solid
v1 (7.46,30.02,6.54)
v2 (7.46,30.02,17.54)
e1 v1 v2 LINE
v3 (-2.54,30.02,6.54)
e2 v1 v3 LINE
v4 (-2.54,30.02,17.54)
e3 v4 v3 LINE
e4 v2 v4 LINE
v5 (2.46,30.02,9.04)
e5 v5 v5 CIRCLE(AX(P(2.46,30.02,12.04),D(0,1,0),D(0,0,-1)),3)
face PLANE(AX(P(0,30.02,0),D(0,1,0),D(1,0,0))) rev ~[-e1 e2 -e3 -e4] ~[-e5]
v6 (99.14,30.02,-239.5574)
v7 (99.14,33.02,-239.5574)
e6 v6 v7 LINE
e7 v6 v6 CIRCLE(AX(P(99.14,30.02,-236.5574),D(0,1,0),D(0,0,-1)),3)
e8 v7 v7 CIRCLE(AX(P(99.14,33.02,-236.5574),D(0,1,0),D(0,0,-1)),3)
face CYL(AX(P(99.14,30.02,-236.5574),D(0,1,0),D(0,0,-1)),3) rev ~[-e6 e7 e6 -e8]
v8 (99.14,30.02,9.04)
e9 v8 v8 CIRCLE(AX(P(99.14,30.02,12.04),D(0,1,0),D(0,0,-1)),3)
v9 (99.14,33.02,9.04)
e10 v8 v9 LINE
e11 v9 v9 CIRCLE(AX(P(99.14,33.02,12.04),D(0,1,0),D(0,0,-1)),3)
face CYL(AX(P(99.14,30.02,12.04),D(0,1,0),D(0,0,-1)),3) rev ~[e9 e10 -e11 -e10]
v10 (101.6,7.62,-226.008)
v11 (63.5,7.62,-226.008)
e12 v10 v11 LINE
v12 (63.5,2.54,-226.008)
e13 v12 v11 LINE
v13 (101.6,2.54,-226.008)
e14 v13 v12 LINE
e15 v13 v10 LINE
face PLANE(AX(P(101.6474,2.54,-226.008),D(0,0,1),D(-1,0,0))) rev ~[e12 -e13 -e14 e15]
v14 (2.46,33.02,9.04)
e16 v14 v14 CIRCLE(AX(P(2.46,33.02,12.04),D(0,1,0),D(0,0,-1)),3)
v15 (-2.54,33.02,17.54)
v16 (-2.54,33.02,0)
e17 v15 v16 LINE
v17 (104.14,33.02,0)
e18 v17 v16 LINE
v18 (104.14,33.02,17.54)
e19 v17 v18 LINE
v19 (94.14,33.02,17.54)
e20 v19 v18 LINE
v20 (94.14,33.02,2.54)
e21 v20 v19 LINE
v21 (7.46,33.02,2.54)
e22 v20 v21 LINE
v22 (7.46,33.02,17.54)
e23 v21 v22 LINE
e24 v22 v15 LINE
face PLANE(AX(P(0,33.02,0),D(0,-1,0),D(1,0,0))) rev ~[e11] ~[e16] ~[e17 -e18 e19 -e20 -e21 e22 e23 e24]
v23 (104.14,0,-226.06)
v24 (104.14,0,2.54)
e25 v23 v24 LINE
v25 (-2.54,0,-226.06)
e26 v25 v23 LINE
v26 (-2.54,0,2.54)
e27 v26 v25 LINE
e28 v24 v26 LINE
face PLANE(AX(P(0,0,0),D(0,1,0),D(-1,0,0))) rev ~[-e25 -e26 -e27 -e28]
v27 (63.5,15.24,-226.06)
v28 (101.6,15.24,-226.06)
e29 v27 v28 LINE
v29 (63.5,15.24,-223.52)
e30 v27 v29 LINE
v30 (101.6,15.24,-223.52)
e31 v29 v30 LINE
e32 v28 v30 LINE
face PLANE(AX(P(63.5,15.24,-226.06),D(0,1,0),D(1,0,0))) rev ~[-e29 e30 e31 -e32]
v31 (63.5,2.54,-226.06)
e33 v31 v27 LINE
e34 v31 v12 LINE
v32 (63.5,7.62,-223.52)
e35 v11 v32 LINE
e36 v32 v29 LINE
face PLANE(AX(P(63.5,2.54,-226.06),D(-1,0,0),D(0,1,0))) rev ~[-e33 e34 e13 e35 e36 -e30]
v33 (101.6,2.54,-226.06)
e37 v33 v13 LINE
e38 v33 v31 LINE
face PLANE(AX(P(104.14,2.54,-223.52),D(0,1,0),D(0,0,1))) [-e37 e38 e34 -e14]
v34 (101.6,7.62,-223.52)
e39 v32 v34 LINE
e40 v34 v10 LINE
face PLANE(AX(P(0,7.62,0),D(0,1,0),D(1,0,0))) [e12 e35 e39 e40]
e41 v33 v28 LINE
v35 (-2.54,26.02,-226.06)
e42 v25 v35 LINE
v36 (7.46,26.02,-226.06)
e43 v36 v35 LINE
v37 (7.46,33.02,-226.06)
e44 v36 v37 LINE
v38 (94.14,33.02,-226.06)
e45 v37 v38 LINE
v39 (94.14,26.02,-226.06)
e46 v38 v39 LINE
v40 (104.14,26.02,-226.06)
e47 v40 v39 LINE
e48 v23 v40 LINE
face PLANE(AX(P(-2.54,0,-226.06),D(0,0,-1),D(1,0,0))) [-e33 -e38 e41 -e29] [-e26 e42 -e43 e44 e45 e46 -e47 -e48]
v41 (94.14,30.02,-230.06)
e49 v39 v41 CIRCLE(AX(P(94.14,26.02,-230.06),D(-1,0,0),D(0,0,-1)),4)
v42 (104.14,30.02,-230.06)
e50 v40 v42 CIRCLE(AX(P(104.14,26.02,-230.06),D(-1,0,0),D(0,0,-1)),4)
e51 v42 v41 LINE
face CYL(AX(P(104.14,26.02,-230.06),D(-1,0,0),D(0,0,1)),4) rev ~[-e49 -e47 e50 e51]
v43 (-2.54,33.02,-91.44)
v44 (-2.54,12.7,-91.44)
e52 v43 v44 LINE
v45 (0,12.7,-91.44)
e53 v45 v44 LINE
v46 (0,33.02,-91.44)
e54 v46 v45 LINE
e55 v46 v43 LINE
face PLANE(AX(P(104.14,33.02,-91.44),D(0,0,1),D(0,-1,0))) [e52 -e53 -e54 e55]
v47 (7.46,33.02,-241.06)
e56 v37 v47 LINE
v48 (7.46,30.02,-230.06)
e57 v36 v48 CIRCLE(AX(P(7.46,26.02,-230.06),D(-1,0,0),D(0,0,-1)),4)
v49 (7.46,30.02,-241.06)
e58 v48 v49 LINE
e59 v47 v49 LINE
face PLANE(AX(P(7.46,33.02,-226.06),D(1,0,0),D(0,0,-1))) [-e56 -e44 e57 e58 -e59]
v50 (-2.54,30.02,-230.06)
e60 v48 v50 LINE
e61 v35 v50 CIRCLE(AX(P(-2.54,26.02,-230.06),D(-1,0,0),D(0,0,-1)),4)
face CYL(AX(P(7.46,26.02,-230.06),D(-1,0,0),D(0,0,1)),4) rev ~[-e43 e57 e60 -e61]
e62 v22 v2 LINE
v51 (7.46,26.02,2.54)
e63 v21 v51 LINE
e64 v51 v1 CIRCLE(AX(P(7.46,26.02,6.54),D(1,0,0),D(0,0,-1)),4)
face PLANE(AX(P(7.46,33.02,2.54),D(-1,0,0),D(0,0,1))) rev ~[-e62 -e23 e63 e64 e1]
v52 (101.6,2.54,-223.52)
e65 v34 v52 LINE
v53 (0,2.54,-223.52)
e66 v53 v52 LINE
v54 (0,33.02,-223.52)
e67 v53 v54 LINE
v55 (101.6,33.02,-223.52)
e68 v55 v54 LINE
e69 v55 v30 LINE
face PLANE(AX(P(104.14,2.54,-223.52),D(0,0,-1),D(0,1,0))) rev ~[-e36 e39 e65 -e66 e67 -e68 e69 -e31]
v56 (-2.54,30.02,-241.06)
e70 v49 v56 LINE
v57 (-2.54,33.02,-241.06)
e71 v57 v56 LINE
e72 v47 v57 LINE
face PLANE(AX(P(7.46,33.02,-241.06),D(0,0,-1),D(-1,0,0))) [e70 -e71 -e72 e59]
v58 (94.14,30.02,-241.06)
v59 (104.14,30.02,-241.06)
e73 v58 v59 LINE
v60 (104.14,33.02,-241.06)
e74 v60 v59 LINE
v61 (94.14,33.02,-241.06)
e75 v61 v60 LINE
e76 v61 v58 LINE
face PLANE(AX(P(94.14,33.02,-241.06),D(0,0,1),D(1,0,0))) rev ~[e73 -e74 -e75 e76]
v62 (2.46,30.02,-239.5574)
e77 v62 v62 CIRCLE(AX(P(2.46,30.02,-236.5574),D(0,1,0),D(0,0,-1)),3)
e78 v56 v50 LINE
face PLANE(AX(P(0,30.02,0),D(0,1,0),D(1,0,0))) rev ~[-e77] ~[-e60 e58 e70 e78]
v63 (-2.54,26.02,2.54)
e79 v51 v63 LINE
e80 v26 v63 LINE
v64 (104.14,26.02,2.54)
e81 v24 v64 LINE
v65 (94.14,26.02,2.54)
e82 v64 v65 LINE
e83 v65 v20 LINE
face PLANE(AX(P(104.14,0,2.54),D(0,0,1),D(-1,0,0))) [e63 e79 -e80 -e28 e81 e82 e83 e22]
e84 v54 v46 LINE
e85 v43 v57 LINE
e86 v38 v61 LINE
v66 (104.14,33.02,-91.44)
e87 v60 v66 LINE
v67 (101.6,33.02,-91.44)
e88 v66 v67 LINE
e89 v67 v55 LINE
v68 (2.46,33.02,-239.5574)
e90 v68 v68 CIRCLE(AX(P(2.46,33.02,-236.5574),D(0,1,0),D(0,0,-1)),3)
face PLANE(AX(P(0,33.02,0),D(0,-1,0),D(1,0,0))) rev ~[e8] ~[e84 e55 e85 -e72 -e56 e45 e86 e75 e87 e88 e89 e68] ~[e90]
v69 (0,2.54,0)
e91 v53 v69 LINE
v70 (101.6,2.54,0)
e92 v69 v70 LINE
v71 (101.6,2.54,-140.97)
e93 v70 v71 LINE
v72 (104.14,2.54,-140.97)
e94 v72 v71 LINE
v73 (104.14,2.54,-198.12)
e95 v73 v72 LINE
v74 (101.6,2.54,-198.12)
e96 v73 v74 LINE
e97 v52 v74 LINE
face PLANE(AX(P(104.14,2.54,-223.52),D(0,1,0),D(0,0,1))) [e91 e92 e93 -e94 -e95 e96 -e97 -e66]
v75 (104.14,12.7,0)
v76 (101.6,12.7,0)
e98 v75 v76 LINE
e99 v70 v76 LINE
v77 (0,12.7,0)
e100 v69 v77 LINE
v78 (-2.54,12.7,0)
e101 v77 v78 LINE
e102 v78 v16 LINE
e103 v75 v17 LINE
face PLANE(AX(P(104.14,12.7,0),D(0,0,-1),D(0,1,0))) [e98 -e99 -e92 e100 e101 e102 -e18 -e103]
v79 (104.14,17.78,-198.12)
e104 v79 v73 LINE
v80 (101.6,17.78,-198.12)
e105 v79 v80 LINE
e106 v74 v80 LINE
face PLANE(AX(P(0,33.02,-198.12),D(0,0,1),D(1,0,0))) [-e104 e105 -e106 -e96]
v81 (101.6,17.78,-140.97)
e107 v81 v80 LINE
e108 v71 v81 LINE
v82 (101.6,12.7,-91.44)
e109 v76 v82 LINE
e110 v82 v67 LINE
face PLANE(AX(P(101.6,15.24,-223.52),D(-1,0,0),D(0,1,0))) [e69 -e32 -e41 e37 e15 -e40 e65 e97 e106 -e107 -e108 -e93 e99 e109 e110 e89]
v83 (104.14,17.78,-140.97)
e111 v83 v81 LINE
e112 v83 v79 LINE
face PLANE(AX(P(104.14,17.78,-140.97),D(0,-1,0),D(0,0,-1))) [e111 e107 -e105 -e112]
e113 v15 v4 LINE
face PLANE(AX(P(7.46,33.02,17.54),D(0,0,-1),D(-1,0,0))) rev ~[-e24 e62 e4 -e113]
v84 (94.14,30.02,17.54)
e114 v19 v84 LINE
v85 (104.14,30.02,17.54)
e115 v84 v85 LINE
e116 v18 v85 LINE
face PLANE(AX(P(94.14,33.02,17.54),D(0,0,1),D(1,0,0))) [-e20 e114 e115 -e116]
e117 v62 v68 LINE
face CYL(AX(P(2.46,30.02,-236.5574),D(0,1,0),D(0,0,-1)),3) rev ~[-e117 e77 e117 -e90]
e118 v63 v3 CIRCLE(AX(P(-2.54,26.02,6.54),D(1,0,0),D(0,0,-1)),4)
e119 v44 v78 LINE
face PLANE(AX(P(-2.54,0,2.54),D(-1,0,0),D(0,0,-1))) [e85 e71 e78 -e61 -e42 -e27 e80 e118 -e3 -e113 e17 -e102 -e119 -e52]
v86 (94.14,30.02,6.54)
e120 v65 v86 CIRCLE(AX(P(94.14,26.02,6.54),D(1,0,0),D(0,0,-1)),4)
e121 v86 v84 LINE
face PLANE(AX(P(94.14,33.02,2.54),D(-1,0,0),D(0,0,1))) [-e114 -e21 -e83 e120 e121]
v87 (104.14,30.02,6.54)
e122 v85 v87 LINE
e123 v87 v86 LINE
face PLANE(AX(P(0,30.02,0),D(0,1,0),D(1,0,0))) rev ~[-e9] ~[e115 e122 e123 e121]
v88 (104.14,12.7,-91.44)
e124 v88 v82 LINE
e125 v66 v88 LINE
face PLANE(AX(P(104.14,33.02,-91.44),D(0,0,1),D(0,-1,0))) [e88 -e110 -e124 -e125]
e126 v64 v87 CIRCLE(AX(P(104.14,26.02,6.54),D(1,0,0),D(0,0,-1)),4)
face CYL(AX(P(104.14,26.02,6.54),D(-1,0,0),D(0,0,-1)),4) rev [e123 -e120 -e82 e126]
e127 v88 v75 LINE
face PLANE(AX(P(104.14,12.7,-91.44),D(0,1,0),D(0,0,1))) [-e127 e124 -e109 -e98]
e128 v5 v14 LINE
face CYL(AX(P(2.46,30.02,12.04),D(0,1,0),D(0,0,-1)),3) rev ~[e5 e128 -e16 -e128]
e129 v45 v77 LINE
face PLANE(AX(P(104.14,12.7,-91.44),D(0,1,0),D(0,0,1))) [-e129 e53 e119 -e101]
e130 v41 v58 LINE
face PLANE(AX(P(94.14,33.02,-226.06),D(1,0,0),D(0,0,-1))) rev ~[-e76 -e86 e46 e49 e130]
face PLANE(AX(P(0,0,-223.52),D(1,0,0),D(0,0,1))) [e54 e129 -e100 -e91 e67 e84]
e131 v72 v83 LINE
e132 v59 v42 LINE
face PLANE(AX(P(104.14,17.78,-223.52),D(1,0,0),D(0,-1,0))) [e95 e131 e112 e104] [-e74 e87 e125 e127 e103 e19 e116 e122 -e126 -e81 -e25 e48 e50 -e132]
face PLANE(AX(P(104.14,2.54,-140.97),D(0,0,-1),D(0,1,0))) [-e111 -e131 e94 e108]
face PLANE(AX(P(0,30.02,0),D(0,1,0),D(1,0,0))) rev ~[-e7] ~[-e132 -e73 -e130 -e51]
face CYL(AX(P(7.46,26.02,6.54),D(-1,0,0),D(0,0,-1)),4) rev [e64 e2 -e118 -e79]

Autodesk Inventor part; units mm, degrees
ref_plane "YZ Plane" through (0, 0, 0) normal (1, 0, 0) x (0, 1, 0)
ref_plane "XZ Plane" through (0, 0, 0) normal (0, 1, 0) x (-1, 0, 0)
ref_plane "XY Plane" through (0, 0, 0) normal (0, 0, 1) x (1, 0, 0)
sketch "Sketch1" plane through (0, 0, 0) normal (0, 1, 0) x (-1, 0, 0)
  line L0 (0, 0) -> (-101.6, 0)
  line L1 (-101.6, 0) -> (-101.6, -223.52)
  line L2 (-101.6, -223.52) -> (0, -223.52)
  line L3 (0, -223.52) -> (0, 0)
  dimension "d0" = 101.6
  dimension "d1" = 223.52
extrude "Extrusion1" add sketch "Sketch1" along normal blind 2.54
sketch "Sketch2" plane through (0, 0, 0) normal (0, -1, 0) x (1, 0, 0)
  line L0 (104.14, 2.54) -> (-2.54, 2.54)
  line L1 (-2.54, 2.54) -> (-2.54, -226.06)
  line L2 (-2.54, -226.06) -> (104.14, -226.06)
  line L3 (104.14, -226.06) -> (104.14, 2.54)
  line L4 (101.6, 0) -> (101.6, -223.52) projected
  line L5 (0, -223.52) -> (0, 0) projected
  line L6 (101.6, -223.52) -> (0, -223.52) projected
  line L7 (0, 0) -> (101.6, 0) projected
  dimension "d4" = 2.54
  dimension "d5" = 2.54
  dimension "d6" = 2.54
  dimension "d7" = 2.54
extrude "Extrusion2" add sketch "Sketch2" against normal blind 33.02
sketch "Sketch3" plane through (104.14, 0, 2.54) normal (1, 0, 0) x (0, 0, -1)
  line L0 (2.54, 2.54) -> (2.54, 33.02) projected
  line L1 (2.54, 33.02) -> (93.98, 33.02)
  line L2 (93.98, 33.02) -> (93.98, 12.7)
  line L3 (93.98, 12.7) -> (2.54, 12.7)
  line L4 (2.54, 12.7) -> (2.54, 33.02)
  point P0 (2.54, 0)
  point P1 (2.54, 12.7)
  dimension "d10" = 91.44
  dimension "d11" = 20.32
extrude "Extrusion3" cut sketch "Sketch3" against normal up to surface (106.68 mm away)
sketch "Sketch4" plane through (104.14, 0, -226.06) normal (0, 0, -1) x (-1, 0, 0)
  line L0 (2.54, 2.54) -> (2.54, 12.7) projected
  line L1 (2.54, 2.54) -> (40.64, 2.54)
  line L2 (40.64, 2.54) -> (40.64, 15.24)
  line L3 (40.64, 15.24) -> (2.54, 15.24)
  line L4 (2.54, 15.24) -> (2.54, 2.54)
  point P0 (104.14, 0)
  point P1 (2.54, 7.62)
  dimension "d14" = 38.1
  dimension "d17" = 12.7
extrude "Extrusion4" cut sketch "Sketch4" against normal up to surface (2.54 mm away)
sketch "Sketch5" plane through (0, 33.02, 0) normal (0, 1, 0) x (1, 0, 0)
  line L0 (104.14, -2.54) -> (-2.54, -2.54) projected
  line L1 (50.8, -2.54) -> (50.8, -16.5675)
  line L2 (114.0141, 111.76) -> (126.7141, 111.76)
  line L3 (-2.54, -2.54) -> (7.46, -2.54)
  line L4 (7.46, -2.54) -> (7.46, -17.54)
  line L5 (7.46, -17.54) -> (-2.54, -17.54)
  line L6 (-2.54, -17.54) -> (-2.54, -2.54)
  line L7 (-2.54, -2.54) -> (104.14, -2.54)
  line L8 (104.14, -2.54) -> (94.14, -2.54)
  line L9 (94.14, -2.54) -> (94.14, -17.54)
  line L10 (94.14, -17.54) -> (104.14, -17.54)
  line L11 (104.14, -17.54) -> (104.14, -2.54)
  line L12 (104.14, 226.06) -> (-2.54, 226.06)
  line L13 (7.46, 226.06) -> (7.46, 241.06)
  line L14 (7.46, 241.06) -> (-2.54, 241.06)
  line L15 (-2.54, 241.06) -> (-2.54, 226.06)
  line L16 (94.14, 226.06) -> (94.14, 241.06)
  line L17 (104.14, 241.06) -> (104.14, 226.06)
  line L18 (94.14, 241.06) -> (104.14, 241.06)
  point P0 (0, 0)
  dimension "d21" = 10
  dimension "d22" = 15
extrude "Extrusion5" add sketch "Sketch5" against normal blind 3
fillet "Fillet1" radius 4 4 edges at (99.14, 30.02, 2.54) (2.46, 30.02, 2.54) (2.46, 30.02, -226.06) (99.14, 30.02, -226.06)
sketch "Sketch6" plane through (104.14, 0, 2.54) normal (1, 0, 0) x (0, 0, -1)
  point P0 (2.54, 0)
sketch "Sketch7" plane through (104.14, 0, 2.54) normal (1, 0, 0) x (0, 0, -1)
  line L0 (226.06, 2.54) -> (226.06, 15.24) projected
  line L1 (226.06, 2.54) -> (143.51, 2.54)
  line L2 (143.51, 2.54) -> (143.51, 17.78)
  line L3 (143.51, 17.78) -> (226.06, 17.78)
  line L4 (226.06, 17.78) -> (226.06, 2.54)
  point P0 (2.54, 0)
  dimension "d26" = 82.55
  dimension "d27" = 15.24
extrude "Extrusion6" cut sketch "Sketch7" against normal up to surface (2.54 mm away)
sketch "Sketch8" plane through (0, 33.02, -223.52) normal (0, 0, 1) x (1, 0, 0)
  line L0 (63.5, -30.48) -> (63.5, -17.78) projected
  line L1 (63.5, -17.78) -> (101.6, -17.78) projected
  line L2 (101.6, -30.48) -> (101.6, -17.78) projected
  line L3 (104.14, -30.48) -> (101.6, -30.48) projected
  line L4 (104.14, -15.24) -> (104.14, -30.48) projected
  line L5 (104.14, -15.24) -> (101.6, -15.24) projected
  line L6 (101.6, -15.24) -> (101.6, 0) projected
  line L7 (0, 0) -> (101.6, 0) projected
  line L8 (0, -30.48) -> (0, 0) projected
  line L9 (63.5, -30.48) -> (0, -30.48) projected
  line L10 (104.14, -30.48) -> (101.6, -30.48)
  line L11 (101.6, -30.48) -> (101.6, -15.24)
  line L12 (101.6, -15.24) -> (104.14, -15.24)
  line L13 (104.14, -15.24) -> (104.14, -30.48)
  point P0 (0, -33.02)
extrude "Extrusion7" add sketch "Sketch8" along normal blind 25.4 contours L11 L5 L4 L3 L2
sketch "Sketch9" plane through (0, 2.54, 0) normal (0, 1, 0) x (1, 0, 0)
  line L0 (63.5, 226.06) -> (63.5, 223.52) projected
  line L1 (101.6474, 226.008) -> (63.5, 226.008)
  line L2 (63.5, 226.008) -> (63.5, 223.52)
  line L3 (63.5, 223.52) -> (101.6474, 223.52)
  line L4 (101.6474, 223.52) -> (101.6474, 226.008)
  point P0 (0, 0)
extrude "Extrusion8" add sketch "Sketch9" along normal blind 5.08
sketch "Sketch10" plane through (0, 30.02, 0) normal (0, -1, 0) x (1, 0, 0)
  line L0 (-2.54, 17.54) -> (7.46, 17.54) projected
  line L1 (2.46, 17.54) -> (2.46, 6.54)
  line L2 (7.46, 6.54) -> (-2.54, 6.54) projected
  line L3 (7.46, 6.54) -> (7.46, 17.54) projected
  line L4 (7.46, 12.04) -> (-2.54, 12.04)
  line L5 (-2.54, 0) -> (-2.54, 17.54) projected
  point P0 (0, 0)
  point P1 (2.46, 12.04)
hole "Hole1" at (2.46, 30.02, 12.04) direction (0, 1, 0) diameter 6 depth 3
pattern_linear "Rectangular Pattern1" count 2 spacing 96.68 along (1, 0, 0) count 2 spacing 248.5974 along (0, 0, -1) of "Hole1"
equation "\"d2\" = wallThickness"
equation "\"d4\" = wallThickness"
equation "\"d5\" = wallThickness"
equation "\"d6\" = wallThickness"
equation "\"d7\" = wallThickness"
equation "\"wallThickness\" = 2.54"
properties part number "bms_mount"
